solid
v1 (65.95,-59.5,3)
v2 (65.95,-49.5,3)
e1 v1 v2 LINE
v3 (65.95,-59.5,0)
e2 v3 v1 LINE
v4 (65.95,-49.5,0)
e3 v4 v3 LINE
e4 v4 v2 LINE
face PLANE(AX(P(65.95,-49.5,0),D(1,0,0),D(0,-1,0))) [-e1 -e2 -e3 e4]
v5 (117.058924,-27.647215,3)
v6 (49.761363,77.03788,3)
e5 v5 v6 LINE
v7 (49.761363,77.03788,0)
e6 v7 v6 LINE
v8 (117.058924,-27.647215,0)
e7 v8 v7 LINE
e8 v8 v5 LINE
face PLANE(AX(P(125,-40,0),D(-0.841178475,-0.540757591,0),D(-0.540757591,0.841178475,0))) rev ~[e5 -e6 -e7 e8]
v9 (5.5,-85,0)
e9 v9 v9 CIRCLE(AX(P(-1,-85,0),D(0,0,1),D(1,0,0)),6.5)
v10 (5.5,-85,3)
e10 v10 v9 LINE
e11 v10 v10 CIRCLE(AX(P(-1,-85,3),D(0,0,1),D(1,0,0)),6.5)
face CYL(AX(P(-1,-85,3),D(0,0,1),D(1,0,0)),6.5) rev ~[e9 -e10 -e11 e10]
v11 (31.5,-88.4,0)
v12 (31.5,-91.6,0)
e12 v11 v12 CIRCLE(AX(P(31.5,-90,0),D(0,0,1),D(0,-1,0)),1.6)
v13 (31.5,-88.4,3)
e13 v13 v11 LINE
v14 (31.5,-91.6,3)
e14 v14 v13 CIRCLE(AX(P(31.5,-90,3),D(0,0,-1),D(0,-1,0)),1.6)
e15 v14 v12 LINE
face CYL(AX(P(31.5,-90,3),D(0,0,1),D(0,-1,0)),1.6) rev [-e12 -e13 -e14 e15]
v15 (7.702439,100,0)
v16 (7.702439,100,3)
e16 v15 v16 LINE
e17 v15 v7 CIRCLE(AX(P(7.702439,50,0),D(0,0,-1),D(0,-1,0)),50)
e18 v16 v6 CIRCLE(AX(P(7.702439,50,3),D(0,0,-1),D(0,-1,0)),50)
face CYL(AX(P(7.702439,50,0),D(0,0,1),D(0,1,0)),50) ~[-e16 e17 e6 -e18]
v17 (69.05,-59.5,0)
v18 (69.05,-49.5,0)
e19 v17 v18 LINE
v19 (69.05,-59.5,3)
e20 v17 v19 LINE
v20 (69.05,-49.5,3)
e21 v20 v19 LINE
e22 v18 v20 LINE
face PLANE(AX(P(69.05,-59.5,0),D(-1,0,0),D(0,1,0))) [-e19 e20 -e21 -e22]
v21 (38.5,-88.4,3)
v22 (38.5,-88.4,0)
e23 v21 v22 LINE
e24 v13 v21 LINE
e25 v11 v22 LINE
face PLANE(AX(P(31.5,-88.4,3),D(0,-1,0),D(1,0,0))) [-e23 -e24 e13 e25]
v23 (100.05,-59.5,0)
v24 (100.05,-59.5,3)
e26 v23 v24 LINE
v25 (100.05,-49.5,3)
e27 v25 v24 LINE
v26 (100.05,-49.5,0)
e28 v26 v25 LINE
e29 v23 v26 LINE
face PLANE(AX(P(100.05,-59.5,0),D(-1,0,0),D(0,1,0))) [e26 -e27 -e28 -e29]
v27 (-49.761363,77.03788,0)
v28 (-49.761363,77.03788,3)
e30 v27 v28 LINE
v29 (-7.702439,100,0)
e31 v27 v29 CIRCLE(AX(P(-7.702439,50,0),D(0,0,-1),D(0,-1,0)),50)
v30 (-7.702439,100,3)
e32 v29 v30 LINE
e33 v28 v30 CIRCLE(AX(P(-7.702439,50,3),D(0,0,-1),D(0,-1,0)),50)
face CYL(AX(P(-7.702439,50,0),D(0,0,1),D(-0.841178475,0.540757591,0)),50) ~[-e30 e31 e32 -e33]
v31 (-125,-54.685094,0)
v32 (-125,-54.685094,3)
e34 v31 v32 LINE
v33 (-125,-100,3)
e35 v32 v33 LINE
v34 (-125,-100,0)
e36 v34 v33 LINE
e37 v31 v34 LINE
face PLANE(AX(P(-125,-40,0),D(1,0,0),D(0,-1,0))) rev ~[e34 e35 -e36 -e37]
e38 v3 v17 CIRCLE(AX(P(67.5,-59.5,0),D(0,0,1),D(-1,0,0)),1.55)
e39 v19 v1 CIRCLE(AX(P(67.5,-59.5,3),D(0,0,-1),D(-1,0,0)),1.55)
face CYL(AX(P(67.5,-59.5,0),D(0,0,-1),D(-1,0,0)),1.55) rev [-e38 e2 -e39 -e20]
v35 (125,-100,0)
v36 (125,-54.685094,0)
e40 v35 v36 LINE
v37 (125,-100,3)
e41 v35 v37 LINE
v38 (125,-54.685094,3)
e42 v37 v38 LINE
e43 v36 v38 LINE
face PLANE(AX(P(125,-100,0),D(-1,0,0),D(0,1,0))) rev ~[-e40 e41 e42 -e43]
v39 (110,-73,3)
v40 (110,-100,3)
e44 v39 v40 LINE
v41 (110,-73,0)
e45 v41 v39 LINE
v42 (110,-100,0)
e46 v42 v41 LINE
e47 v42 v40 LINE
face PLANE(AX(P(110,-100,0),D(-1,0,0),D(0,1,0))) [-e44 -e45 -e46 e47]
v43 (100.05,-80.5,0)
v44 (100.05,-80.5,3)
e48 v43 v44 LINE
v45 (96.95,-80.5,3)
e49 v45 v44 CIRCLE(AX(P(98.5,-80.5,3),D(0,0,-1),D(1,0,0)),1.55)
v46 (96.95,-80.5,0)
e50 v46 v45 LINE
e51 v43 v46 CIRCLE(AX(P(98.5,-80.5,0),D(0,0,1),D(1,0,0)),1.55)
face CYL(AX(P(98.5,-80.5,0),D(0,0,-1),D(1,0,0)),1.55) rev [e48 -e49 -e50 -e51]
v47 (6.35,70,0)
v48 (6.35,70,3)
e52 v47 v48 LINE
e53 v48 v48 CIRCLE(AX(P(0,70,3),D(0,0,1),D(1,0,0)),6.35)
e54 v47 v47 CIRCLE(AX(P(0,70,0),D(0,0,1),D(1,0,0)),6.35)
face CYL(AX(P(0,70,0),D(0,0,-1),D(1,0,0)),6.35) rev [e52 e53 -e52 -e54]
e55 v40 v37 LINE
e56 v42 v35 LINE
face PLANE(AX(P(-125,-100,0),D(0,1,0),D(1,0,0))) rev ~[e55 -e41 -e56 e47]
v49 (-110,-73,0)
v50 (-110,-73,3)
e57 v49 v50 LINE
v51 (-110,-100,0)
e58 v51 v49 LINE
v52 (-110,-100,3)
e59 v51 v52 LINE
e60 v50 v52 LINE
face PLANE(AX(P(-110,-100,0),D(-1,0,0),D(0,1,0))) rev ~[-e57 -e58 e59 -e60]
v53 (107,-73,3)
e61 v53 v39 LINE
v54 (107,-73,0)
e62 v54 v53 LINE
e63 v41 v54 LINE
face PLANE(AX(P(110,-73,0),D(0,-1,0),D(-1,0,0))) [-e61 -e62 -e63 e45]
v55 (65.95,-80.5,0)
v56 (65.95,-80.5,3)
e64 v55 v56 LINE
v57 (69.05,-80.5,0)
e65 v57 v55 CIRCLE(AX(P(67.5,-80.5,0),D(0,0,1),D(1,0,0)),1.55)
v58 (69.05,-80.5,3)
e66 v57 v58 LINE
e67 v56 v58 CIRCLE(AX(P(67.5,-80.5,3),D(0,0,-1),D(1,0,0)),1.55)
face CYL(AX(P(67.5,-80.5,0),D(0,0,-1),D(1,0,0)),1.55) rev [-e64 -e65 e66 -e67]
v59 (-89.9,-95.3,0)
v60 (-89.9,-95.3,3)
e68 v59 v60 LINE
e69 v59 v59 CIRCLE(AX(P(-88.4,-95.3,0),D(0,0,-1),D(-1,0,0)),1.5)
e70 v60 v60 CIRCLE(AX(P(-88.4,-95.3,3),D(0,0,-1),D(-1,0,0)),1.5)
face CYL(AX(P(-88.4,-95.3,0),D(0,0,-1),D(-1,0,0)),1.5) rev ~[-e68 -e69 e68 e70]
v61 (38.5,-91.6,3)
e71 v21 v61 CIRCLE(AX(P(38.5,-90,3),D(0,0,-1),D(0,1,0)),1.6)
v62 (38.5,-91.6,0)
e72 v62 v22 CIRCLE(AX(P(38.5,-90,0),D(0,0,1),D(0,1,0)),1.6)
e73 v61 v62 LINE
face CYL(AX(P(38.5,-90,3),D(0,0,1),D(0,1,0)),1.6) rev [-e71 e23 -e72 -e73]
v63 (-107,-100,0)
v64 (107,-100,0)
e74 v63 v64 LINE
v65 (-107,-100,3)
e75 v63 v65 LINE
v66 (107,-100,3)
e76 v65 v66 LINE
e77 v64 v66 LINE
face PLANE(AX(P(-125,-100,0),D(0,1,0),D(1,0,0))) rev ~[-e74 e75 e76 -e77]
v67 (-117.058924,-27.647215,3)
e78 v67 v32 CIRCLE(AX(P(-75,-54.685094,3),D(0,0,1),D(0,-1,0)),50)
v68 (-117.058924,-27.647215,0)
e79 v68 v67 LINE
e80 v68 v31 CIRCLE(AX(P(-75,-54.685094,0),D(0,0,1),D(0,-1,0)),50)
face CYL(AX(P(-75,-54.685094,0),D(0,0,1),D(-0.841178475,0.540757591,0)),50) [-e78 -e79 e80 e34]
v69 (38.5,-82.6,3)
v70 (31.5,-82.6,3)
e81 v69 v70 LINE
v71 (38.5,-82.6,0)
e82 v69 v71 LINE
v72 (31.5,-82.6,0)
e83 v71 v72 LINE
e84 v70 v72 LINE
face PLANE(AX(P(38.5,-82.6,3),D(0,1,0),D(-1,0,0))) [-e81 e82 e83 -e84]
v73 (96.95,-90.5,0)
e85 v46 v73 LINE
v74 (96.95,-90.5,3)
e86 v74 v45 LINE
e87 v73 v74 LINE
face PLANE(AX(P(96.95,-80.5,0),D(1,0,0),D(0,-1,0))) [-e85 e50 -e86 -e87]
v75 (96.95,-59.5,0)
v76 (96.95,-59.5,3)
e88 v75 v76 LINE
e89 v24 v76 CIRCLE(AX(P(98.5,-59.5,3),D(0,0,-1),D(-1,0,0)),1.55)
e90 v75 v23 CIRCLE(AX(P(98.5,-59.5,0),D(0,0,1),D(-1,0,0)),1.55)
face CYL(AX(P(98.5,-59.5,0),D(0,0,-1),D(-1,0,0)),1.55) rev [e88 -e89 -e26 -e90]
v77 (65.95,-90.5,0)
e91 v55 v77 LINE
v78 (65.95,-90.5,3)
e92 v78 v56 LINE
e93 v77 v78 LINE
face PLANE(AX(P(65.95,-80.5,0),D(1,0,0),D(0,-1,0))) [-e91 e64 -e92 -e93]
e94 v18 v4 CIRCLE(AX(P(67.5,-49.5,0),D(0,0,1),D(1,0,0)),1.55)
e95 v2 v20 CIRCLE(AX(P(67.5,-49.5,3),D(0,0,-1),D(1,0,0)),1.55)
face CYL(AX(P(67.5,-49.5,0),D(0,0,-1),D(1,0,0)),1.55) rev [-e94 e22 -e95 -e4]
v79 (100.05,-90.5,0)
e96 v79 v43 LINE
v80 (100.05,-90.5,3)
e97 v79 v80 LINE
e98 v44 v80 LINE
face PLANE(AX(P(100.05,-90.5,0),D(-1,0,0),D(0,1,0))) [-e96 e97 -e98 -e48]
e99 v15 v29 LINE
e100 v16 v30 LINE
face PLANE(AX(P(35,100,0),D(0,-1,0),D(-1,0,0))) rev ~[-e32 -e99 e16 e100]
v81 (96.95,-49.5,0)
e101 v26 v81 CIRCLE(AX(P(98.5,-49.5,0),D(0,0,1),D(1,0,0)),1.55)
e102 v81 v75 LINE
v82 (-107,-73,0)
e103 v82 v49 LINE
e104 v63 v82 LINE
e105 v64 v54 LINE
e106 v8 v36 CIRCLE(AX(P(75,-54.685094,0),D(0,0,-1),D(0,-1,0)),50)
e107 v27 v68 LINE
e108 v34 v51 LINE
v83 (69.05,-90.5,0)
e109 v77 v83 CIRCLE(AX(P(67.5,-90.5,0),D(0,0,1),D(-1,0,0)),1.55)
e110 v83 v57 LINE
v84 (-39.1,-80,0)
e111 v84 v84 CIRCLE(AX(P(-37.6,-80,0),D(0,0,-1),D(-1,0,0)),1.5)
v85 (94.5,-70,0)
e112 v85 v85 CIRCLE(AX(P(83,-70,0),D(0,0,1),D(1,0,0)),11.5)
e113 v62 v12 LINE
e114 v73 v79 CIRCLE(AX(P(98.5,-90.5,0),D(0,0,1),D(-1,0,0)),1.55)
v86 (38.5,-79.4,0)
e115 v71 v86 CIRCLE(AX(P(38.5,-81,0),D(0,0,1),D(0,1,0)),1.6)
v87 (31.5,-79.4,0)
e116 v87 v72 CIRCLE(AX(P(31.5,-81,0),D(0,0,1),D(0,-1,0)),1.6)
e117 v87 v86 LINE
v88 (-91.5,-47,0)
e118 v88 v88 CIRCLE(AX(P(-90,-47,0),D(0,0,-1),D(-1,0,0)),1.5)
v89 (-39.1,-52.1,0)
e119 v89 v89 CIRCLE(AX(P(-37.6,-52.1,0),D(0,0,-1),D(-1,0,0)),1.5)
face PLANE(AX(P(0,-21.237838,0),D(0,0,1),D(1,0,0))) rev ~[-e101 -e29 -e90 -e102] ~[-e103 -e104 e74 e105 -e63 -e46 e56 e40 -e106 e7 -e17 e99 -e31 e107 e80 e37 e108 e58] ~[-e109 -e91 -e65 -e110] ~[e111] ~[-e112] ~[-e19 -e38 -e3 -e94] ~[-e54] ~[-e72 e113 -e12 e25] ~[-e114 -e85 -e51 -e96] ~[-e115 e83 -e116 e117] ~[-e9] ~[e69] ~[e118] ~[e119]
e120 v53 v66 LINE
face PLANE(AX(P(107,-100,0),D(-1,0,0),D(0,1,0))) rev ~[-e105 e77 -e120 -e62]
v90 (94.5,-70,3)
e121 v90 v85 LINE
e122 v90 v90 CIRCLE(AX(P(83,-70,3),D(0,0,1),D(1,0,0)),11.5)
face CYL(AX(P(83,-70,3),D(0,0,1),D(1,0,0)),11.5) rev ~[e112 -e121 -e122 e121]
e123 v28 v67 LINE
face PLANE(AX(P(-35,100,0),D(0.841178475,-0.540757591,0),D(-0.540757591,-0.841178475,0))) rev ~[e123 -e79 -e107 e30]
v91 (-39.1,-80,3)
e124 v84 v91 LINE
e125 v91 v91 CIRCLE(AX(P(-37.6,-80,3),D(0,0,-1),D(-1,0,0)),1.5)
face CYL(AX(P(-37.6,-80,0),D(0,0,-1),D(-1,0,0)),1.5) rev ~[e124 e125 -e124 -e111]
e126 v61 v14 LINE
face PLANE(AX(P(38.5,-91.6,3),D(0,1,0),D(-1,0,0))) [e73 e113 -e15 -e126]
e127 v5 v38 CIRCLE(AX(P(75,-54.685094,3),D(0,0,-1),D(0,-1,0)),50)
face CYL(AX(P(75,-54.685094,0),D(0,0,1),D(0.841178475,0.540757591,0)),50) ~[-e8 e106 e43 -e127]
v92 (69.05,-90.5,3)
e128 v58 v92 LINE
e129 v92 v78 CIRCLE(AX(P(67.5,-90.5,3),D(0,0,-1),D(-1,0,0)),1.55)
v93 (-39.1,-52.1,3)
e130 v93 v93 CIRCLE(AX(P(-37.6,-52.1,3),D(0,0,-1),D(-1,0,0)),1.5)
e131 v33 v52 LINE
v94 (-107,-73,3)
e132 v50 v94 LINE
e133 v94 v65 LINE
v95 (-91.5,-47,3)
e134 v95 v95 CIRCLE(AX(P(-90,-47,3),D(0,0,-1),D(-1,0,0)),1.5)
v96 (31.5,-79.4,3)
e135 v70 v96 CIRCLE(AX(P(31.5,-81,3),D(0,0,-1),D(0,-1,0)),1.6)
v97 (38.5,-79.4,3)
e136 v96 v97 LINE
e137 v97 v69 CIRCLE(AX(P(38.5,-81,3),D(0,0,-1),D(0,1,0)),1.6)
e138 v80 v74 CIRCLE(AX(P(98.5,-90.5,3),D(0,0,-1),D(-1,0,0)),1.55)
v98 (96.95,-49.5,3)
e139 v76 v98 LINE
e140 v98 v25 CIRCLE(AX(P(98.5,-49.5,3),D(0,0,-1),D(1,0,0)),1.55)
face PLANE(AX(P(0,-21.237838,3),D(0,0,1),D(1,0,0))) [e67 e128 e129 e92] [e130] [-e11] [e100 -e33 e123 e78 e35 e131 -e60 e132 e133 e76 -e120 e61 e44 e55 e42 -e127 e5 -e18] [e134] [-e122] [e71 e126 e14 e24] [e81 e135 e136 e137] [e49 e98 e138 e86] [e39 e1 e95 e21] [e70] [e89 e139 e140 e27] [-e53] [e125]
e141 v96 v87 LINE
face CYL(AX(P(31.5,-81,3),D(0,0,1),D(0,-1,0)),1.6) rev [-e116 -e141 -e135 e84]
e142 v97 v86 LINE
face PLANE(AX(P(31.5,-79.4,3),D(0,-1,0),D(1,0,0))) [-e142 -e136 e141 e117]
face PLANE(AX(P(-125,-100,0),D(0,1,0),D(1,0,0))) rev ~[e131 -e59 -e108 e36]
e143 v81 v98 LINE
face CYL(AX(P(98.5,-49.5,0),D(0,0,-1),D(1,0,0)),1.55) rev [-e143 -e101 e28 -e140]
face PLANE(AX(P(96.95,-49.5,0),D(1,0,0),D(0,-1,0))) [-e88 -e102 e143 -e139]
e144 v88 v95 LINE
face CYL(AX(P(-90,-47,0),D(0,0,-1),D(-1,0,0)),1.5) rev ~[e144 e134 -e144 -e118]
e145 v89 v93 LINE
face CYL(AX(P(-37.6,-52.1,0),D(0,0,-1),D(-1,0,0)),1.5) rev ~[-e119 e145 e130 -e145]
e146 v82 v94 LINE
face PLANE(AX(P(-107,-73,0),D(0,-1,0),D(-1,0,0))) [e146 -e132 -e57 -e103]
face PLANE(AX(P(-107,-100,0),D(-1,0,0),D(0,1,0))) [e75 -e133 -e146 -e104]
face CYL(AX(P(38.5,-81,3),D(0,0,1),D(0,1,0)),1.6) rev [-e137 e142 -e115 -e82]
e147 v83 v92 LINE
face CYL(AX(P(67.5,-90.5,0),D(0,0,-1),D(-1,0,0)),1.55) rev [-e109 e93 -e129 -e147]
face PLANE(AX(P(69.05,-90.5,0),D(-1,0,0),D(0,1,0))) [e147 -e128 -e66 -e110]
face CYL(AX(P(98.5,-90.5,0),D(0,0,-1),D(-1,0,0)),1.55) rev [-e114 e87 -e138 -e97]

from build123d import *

# Parameters (mm, degrees)
CROQUIS1_R              = 6.35
SALIENTE_EXTRUIR1_DEPTH = 3
REDONDEO1_R             = 50
CROQUIS2_R              = 11.5
CORTAR_EXTRUIR1_DEPTH   = 10
CROQUIS6_W              = 3
CROQUIS6_H              = 27
CORTAR_EXTRUIR3_DEPTH   = 4
CROQUIS7_R              = 1.5
CORTAR_EXTRUIR4_DEPTH   = 4
CROQUIS8_R              = 6.5
CORTAR_EXTRUIR5_DEPTH   = 4
CORTAR_EXTRUIR6_DEPTH   = 4


with BuildPart() as part:
    # Croquis1 → Saliente-Extruir1 (new body)
    with BuildSketch(Plane.XY):
        Polygon((-35, 100), (-125, -40), (-125, -100), (125, -100), (125, -40), (35, 100), align=None)
        with Locations((0, 70)):
            Circle(CROQUIS1_R, mode=Mode.SUBTRACT)
    extrude(amount=SALIENTE_EXTRUIR1_DEPTH)

    # Redondeo1
    redondeo1_edges = [part.edges().sort_by_distance(p)[0] for p in [
        (125, -40, 1.5),
        (-125, -40, 1.5),
        (-35, 100, 1.5),
        (35, 100, 1.5),
    ]]
    fillet(redondeo1_edges, radius=REDONDEO1_R)

    # Croquis2 → Cortar-Extruir1 (cut)
    with BuildSketch(Plane.XY.offset(3)):
        with BuildLine():
            ThreePointArc((100, -54.5), (98.5, -53), (97, -54.5))
            Line((97, -54.5), (98.5, -54.5))
            Line((98.5, -54.5), (98.5, -56))
            ThreePointArc((98.5, -56), (99.560660172, -55.560660172), (100, -54.5))
        make_face()
        with BuildLine():
            Line((98.5, -54.5), (97, -54.5))
            ThreePointArc((97, -54.5), (97.439339828, -55.560660172), (98.5, -56))
            Line((98.5, -56), (98.5, -54.5))
        make_face()
        with BuildLine():
            Line((67.5, -56), (67.5, -54.5))
            Line((67.5, -54.5), (69, -54.5))
            ThreePointArc((69, -54.5), (66.439339828, -53.439339828), (67.5, -56))
        make_face()
        with BuildLine():
            Line((69, -54.5), (67.5, -54.5))
            Line((67.5, -54.5), (67.5, -56))
            ThreePointArc((67.5, -56), (68.560660172, -55.560660172), (69, -54.5))
        make_face()
        with Locations((83, -70)):
            Circle(CROQUIS2_R)
        with BuildLine():
            ThreePointArc((69, -85.5), (68.560660172, -84.439339828), (67.5, -84))
            Line((67.5, -84), (67.5, -85.5))
            Line((67.5, -85.5), (69, -85.5))
        make_face()
        with BuildLine():
            Line((67.5, -85.5), (67.5, -84))
            ThreePointArc((67.5, -84), (66.439339828, -86.560660172), (69, -85.5))
            Line((69, -85.5), (67.5, -85.5))
        make_face()
        with BuildLine():
            ThreePointArc((100, -85.5), (99.560660172, -84.439339828), (98.5, -84))
            Line((98.5, -84), (98.5, -85.5))
            Line((98.5, -85.5), (97, -85.5))
            ThreePointArc((97, -85.5), (98.5, -87), (100, -85.5))
        make_face()
        with BuildLine():
            Line((98.5, -85.5), (98.5, -84))
            ThreePointArc((98.5, -84), (97.439339828, -84.439339828), (97, -85.5))
            Line((97, -85.5), (98.5, -85.5))
        make_face()
    extrude(amount=-CORTAR_EXTRUIR1_DEPTH, mode=Mode.SUBTRACT)

    # Croquis6 → Cortar-Extruir3 (cut, through all)
    with BuildSketch(Plane(origin=(0, 0, 0), x_dir=(-1, 0, 0), z_dir=(0, 0, -1))):
        with Locations((-108.5, -86.5)):
            Rectangle(CROQUIS6_W, CROQUIS6_H)
        with Locations((108.5, -86.5)):
            Rectangle(CROQUIS6_W, CROQUIS6_H)
    extrude(amount=-CORTAR_EXTRUIR3_DEPTH, mode=Mode.SUBTRACT)

    # Croquis7 → Cortar-Extruir4 (cut, through all)
    with BuildSketch(Plane(origin=(0, 0, 0), x_dir=(-1, 0, 0), z_dir=(0, 0, -1))):
        with Locations((90, -47)):
            Circle(CROQUIS7_R)
        with Locations((37.6, -52.1)):
            Circle(CROQUIS7_R)
        with Locations((37.6, -80)):
            Circle(CROQUIS7_R)
        with Locations((88.4, -95.3)):
            Circle(CROQUIS7_R)
    extrude(amount=-CORTAR_EXTRUIR4_DEPTH, mode=Mode.SUBTRACT)

    # Croquis8 → Cortar-Extruir5 (cut, through all)
    with BuildSketch(Plane.XY.offset(3)):
        with Locations((-1, -85)):
            Circle(CROQUIS8_R)
        with BuildLine():
            Line((31.5, -88.4), (38.5, -88.4))
            ThreePointArc((38.5, -88.4), (40.1, -90), (38.5, -91.6))
            Line((38.5, -91.6), (31.5, -91.6))
            ThreePointArc((31.5, -91.6), (29.9, -90), (31.5, -88.4))
        make_face()
        with BuildLine():
            Line((31.5, -79.4), (38.5, -79.4))
            ThreePointArc((38.5, -79.4), (40.1, -81), (38.5, -82.6))
            Line((38.5, -82.6), (31.5, -82.6))
            ThreePointArc((31.5, -82.6), (29.9, -81), (31.5, -79.4))
        make_face()
    extrude(amount=-CORTAR_EXTRUIR5_DEPTH, mode=Mode.SUBTRACT)

    # Croquis9 → Cortar-Extruir6 (cut, through all)
    with BuildSketch(Plane(origin=(0, 0, 0), x_dir=(-1, 0, 0), z_dir=(0, 0, -1))):
        with BuildLine():
            Line((-96.95, -49.5), (-96.95, -59.5))
            ThreePointArc((-96.95, -59.5), (-98.5, -61.05), (-100.05, -59.5))
            Line((-100.05, -59.5), (-100.05, -49.5))
            ThreePointArc((-100.05, -49.5), (-98.5, -47.95), (-96.95, -49.5))
        make_face()
        with BuildLine():
            Line((-65.95, -49.5), (-65.95, -59.5))
            ThreePointArc((-65.95, -59.5), (-67.5, -61.05), (-69.05, -59.5))
            Line((-69.05, -59.5), (-69.05, -49.5))
            ThreePointArc((-69.05, -49.5), (-67.5, -47.95), (-65.95, -49.5))
        make_face()
        with BuildLine():
            Line((-69.05, -90.5), (-69.05, -80.5))
            ThreePointArc((-69.05, -80.5), (-67.5, -78.95), (-65.95, -80.5))
            Line((-65.95, -80.5), (-65.95, -90.5))
            ThreePointArc((-65.95, -90.5), (-67.5, -92.05), (-69.05, -90.5))
        make_face()
        with BuildLine():
            Line((-100.05, -90.5), (-100.05, -80.5))
            ThreePointArc((-100.05, -80.5), (-98.5, -78.95), (-96.95, -80.5))
            Line((-96.95, -80.5), (-96.95, -90.5))
            ThreePointArc((-96.95, -90.5), (-98.5, -92.05), (-100.05, -90.5))
        make_face()
    extrude(amount=-CORTAR_EXTRUIR6_DEPTH, mode=Mode.SUBTRACT)


solid = part.part
